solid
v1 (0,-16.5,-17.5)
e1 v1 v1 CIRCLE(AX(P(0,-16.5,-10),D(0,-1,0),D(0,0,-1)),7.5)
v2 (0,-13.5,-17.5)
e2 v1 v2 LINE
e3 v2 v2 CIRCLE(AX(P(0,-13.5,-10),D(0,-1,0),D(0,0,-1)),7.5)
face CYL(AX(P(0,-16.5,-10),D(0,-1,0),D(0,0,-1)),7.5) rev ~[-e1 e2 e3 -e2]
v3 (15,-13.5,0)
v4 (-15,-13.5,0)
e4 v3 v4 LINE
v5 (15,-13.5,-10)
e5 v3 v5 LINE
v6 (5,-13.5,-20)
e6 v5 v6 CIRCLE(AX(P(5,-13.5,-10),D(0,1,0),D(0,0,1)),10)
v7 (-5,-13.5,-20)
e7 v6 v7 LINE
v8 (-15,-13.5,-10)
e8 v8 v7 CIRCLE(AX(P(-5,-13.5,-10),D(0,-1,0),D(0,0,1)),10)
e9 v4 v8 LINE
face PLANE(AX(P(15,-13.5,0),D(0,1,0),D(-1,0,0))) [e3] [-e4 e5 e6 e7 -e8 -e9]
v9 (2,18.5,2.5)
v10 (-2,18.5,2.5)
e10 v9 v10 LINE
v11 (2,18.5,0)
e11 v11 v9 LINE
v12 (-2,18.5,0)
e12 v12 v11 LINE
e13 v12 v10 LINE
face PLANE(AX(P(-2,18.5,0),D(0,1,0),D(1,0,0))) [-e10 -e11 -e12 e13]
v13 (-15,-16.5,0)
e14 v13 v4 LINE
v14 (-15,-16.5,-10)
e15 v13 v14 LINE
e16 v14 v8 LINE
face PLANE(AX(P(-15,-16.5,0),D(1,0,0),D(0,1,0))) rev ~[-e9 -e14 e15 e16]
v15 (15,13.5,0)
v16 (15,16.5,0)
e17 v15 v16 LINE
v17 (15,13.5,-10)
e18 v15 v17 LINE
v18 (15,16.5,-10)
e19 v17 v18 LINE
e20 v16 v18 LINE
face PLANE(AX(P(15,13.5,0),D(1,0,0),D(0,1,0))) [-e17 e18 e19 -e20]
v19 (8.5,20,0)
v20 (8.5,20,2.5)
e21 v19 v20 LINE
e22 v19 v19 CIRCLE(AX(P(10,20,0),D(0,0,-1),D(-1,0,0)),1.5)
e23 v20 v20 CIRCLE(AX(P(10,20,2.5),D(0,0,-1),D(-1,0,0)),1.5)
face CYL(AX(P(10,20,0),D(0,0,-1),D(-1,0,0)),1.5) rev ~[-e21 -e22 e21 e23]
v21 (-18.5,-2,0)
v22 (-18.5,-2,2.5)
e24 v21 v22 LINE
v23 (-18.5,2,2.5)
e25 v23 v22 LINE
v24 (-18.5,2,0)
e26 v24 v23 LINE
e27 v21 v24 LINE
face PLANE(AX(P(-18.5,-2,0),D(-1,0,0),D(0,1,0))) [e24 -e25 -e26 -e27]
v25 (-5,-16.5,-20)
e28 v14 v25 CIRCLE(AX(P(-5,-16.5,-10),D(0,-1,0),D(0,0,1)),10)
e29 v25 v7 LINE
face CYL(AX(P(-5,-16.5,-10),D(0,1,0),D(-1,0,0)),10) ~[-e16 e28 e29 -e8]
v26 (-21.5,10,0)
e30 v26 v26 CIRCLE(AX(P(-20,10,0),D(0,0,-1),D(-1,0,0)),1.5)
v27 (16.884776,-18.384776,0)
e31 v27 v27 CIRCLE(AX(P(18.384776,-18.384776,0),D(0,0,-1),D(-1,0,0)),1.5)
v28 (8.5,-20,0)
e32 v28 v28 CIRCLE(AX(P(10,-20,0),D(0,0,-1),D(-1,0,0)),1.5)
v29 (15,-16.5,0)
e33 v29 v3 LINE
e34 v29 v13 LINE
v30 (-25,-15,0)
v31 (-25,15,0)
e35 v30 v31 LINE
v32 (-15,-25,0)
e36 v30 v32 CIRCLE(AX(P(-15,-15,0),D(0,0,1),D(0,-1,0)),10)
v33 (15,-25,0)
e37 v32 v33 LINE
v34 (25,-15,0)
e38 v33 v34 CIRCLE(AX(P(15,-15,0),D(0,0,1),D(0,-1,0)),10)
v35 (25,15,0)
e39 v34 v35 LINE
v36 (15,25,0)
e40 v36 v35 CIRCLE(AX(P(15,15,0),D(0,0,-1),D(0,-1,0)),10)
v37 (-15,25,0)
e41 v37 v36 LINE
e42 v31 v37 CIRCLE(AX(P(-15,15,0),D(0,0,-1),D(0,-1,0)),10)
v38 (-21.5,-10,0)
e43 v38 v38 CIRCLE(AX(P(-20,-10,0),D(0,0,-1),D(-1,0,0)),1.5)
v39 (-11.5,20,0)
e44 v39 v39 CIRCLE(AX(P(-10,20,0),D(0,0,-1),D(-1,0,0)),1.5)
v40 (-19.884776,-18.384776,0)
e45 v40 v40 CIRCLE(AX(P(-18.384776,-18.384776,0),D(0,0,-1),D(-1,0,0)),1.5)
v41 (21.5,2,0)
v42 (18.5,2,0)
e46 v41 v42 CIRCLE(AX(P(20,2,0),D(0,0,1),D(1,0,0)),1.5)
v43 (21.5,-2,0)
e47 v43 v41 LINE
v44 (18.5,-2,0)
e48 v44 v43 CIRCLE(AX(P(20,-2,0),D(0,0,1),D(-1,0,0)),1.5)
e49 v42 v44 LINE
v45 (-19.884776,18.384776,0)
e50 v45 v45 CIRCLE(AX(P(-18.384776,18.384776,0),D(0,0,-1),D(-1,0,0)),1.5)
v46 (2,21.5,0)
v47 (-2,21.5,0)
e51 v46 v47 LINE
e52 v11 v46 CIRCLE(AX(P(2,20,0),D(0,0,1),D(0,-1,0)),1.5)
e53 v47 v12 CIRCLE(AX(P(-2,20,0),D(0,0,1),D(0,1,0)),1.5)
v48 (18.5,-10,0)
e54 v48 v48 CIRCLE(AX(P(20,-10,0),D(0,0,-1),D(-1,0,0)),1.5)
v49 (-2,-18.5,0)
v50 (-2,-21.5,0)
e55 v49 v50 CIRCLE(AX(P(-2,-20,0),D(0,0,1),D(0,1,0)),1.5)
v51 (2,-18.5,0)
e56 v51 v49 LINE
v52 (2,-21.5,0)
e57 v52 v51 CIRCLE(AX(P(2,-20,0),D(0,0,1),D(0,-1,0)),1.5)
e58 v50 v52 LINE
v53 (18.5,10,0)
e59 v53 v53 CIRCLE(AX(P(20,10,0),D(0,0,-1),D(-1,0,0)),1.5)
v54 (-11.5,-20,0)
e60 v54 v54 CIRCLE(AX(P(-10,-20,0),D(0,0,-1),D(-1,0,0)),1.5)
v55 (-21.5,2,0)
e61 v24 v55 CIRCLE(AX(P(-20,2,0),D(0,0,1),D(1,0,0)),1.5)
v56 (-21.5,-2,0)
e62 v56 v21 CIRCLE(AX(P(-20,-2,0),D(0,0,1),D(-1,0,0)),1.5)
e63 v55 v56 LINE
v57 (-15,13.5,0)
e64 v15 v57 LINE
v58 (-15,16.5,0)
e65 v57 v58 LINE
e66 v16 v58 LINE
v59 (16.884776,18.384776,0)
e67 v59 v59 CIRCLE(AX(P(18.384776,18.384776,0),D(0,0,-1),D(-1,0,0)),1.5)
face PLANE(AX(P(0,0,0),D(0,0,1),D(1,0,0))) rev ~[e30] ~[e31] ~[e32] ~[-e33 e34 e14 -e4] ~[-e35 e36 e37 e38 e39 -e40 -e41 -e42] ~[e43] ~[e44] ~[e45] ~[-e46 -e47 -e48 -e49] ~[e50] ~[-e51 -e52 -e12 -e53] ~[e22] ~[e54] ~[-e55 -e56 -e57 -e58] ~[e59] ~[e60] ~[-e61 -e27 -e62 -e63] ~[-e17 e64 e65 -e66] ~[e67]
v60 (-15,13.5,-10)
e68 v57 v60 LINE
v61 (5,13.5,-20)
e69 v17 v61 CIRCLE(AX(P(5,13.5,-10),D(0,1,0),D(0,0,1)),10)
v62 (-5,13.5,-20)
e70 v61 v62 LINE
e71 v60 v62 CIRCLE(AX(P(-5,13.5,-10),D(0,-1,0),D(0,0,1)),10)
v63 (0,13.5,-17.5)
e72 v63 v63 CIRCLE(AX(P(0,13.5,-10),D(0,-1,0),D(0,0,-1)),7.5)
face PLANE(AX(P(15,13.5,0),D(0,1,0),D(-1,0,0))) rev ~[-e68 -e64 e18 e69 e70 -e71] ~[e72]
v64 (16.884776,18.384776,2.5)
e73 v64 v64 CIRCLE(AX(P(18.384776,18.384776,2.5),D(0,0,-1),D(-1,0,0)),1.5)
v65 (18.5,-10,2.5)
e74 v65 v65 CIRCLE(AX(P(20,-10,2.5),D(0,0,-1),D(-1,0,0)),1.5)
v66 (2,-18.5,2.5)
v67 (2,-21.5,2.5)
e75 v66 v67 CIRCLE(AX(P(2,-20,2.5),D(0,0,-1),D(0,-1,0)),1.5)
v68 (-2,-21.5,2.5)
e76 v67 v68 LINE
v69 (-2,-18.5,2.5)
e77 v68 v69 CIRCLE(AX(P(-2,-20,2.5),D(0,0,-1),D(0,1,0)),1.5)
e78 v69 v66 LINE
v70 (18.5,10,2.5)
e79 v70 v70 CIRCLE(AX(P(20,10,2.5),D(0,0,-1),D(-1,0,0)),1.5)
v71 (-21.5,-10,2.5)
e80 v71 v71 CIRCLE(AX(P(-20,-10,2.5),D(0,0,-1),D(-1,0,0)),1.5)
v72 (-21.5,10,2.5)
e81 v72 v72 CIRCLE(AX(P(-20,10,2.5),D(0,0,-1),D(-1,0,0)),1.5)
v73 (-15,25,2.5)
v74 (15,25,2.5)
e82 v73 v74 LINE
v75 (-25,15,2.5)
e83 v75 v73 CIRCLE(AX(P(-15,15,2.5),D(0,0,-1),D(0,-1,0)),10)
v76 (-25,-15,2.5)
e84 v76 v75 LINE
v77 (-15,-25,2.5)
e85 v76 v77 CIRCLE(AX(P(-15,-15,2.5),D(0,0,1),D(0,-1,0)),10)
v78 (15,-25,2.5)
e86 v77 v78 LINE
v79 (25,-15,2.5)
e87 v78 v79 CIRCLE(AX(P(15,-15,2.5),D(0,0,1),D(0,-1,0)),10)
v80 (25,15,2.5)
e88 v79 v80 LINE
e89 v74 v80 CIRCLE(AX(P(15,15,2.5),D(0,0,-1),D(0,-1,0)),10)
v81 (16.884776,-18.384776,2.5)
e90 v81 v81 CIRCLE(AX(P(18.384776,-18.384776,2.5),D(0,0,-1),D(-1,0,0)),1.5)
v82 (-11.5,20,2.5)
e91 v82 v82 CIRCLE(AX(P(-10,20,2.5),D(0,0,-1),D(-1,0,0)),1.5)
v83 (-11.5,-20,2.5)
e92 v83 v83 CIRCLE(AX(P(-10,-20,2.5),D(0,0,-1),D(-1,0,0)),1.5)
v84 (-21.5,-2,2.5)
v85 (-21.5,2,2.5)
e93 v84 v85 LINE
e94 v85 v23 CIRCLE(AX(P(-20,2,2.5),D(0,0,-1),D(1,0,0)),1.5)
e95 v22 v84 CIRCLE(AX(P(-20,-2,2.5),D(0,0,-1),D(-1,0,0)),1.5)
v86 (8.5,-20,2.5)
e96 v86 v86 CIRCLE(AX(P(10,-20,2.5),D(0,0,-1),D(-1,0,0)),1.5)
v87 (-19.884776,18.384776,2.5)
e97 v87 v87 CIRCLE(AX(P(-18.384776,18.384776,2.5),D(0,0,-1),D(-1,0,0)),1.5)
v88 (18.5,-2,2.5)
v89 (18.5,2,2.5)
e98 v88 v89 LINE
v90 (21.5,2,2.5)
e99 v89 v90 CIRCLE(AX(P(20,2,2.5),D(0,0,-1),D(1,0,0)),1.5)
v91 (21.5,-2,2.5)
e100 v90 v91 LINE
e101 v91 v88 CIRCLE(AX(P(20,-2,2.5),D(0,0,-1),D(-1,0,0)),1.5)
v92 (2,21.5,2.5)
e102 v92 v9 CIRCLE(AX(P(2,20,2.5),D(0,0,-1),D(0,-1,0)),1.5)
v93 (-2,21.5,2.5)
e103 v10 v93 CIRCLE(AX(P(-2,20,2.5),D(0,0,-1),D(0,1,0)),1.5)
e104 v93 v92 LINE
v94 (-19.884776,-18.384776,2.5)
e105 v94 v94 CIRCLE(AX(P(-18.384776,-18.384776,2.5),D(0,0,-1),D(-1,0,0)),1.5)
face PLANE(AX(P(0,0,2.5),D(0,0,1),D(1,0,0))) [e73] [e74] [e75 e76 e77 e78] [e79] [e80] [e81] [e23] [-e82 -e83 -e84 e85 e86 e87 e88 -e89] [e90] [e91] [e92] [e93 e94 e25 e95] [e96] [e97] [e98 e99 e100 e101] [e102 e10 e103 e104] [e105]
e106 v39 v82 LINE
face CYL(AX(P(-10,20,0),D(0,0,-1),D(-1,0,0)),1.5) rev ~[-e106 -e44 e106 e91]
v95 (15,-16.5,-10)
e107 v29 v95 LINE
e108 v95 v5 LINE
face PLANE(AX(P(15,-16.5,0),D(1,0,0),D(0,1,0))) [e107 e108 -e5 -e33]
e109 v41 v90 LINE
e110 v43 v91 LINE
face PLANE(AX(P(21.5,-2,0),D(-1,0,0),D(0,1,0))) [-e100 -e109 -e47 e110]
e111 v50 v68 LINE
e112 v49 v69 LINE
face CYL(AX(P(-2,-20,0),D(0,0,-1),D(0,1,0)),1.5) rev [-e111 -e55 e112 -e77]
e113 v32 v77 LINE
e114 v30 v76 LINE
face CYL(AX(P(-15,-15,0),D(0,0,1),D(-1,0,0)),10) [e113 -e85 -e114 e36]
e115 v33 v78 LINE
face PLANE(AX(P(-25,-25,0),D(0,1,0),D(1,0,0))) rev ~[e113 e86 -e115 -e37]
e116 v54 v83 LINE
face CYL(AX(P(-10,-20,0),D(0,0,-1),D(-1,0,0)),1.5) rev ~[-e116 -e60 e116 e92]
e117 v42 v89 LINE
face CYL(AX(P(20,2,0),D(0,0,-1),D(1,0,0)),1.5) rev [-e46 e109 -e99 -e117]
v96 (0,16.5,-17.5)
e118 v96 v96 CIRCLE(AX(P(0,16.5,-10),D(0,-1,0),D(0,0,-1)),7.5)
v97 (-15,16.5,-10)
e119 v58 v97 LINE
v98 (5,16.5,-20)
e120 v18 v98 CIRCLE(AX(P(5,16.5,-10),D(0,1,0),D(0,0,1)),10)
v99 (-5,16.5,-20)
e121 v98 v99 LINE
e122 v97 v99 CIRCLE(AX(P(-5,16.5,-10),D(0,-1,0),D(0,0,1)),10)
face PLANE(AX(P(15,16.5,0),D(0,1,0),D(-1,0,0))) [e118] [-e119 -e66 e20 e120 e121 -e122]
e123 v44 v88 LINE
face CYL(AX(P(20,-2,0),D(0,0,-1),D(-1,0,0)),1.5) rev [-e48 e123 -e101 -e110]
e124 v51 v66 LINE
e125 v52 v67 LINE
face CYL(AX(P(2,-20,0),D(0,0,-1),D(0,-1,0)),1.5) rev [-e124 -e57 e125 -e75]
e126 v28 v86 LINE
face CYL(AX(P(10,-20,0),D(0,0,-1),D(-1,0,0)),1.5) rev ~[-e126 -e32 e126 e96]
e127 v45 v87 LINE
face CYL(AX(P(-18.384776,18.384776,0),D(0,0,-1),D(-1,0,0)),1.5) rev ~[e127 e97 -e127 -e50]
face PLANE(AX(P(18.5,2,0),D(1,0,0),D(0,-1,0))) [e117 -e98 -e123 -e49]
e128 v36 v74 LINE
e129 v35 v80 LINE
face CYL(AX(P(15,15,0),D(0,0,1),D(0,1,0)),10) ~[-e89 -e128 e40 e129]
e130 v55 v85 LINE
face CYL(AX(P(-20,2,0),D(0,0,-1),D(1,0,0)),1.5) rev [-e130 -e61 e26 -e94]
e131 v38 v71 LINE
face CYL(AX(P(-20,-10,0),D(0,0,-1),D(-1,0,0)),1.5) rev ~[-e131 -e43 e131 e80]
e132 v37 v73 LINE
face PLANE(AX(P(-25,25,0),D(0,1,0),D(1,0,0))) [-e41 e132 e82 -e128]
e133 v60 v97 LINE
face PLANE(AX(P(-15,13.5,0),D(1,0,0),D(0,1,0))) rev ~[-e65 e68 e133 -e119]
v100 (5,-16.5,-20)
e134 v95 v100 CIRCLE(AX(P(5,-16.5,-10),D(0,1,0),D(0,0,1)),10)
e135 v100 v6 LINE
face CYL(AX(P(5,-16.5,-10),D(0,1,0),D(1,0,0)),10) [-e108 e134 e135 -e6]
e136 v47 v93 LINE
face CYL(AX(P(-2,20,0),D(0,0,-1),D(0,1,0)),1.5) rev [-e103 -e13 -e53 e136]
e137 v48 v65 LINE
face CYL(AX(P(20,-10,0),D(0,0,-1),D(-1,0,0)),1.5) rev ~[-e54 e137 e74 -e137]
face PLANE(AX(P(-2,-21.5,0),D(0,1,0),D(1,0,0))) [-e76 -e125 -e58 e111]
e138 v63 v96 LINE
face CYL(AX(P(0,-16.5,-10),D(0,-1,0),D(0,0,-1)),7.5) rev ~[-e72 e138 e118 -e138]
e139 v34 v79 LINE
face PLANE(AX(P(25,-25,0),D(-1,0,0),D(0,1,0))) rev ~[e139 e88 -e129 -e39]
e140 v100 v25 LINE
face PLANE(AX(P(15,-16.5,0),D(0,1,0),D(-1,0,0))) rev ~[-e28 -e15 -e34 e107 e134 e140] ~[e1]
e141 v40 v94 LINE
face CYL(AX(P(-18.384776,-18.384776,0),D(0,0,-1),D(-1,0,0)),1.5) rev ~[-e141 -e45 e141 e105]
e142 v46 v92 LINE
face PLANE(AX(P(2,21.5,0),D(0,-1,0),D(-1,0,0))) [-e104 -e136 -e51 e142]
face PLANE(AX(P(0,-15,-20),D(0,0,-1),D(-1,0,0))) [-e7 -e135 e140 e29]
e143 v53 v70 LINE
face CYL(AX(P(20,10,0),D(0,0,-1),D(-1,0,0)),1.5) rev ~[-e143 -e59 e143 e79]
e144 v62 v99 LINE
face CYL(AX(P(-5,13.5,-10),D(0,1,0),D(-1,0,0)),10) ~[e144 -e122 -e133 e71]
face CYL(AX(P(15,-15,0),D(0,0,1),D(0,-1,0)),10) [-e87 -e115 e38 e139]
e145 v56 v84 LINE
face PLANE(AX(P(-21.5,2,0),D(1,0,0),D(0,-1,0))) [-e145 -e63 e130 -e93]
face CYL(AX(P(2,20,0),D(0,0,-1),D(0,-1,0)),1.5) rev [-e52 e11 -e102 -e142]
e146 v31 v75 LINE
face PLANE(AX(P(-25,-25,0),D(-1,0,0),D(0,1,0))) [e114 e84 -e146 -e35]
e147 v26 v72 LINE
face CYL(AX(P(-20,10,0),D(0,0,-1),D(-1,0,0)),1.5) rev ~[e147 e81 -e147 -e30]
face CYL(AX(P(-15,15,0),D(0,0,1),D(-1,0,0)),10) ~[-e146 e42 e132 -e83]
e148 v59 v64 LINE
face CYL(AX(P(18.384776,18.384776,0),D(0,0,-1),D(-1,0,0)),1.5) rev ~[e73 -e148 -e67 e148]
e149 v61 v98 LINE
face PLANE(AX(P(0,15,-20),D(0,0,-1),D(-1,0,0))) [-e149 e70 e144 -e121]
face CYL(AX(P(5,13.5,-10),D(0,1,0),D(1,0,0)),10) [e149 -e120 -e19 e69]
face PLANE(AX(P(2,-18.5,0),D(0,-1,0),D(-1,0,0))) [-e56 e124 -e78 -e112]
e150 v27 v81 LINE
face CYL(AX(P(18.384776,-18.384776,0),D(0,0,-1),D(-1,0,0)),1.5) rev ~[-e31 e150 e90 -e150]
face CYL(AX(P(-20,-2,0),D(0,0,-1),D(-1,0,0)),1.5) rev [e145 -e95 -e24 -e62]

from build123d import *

# Parameters (mm, degrees)
SKETCH1_W           = 50
SKETCH1_H           = 50
BOSS_EXTRUDE1_DEPTH = 2.5
SKETCH2_R           = 1.5
CUT_EXTRUDE1_DEPTH  = 5
FILLET1_R           = 10
SKETCH3_W           = 30
SKETCH3_H           = 3
BOSS_EXTRUDE2_DEPTH = 20
SKETCH4_R           = 7.5
CUT_EXTRUDE2_DEPTH  = 53.414215629
FILLET2_R           = 10


with BuildPart() as part:
    # Sketch1 → Boss-Extrude1 (new body)
    with BuildSketch(Plane.XY):
        Rectangle(SKETCH1_W, SKETCH1_H)
    extrude(amount=BOSS_EXTRUDE1_DEPTH)

    # Sketch2 → Cut-Extrude1 (cut)
    with BuildSketch(Plane(origin=(0, 0, 0), x_dir=(-1, 0, 0), z_dir=(0, 0, -1))):
        with Locations((18.384776311, 18.384776311)):
            Circle(SKETCH2_R)
        with Locations((18.384776311, -18.384776311)):
            Circle(SKETCH2_R)
        with Locations((-18.384776311, -18.384776311)):
            Circle(SKETCH2_R)
        with Locations((-18.384776311, 18.384776311)):
            Circle(SKETCH2_R)
        with Locations((20, 10)):
            Circle(SKETCH2_R)
        with Locations((20, -10)):
            Circle(SKETCH2_R)
        with Locations((-20, -10)):
            Circle(SKETCH2_R)
        with Locations((-20, 10)):
            Circle(SKETCH2_R)
        with Locations((10, 20)):
            Circle(SKETCH2_R)
        with Locations((-10, 20)):
            Circle(SKETCH2_R)
        with Locations((10, -20)):
            Circle(SKETCH2_R)
        with Locations((-10, -20)):
            Circle(SKETCH2_R)
        with BuildLine():
            Line((-2, 21.5), (2, 21.5))
            ThreePointArc((2, 21.5), (3.5, 20), (2, 18.5))
            Line((2, 18.5), (-2, 18.5))
            ThreePointArc((-2, 18.5), (-3.5, 20), (-2, 21.5))
        make_face()
        with BuildLine():
            Line((21.5, 2), (21.5, -2))
            ThreePointArc((21.5, -2), (20, -3.5), (18.5, -2))
            Line((18.5, -2), (18.5, 2))
            ThreePointArc((18.5, 2), (20, 3.5), (21.5, 2))
        make_face()
        with BuildLine():
            Line((2, -21.5), (-2, -21.5))
            ThreePointArc((-2, -21.5), (-3.5, -20), (-2, -18.5))
            Line((-2, -18.5), (2, -18.5))
            ThreePointArc((2, -18.5), (3.5, -20), (2, -21.5))
        make_face()
        with BuildLine():
            Line((-21.5, -2), (-21.5, 2))
            ThreePointArc((-21.5, 2), (-20, 3.5), (-18.5, 2))
            Line((-18.5, 2), (-18.5, -2))
            ThreePointArc((-18.5, -2), (-20, -3.5), (-21.5, -2))
        make_face()
    extrude(amount=-CUT_EXTRUDE1_DEPTH, mode=Mode.SUBTRACT)

    # Fillet1
    fillet1_edges = [part.edges().sort_by_distance(p)[0] for p in [
        (25, -25, 1.25),
        (-25, -25, 1.25),
        (-25, 25, 1.25),
        (25, 25, 1.25),
    ]]
    fillet(fillet1_edges, radius=FILLET1_R)

    # Sketch3 → Boss-Extrude2 (add)
    with BuildSketch(Plane(origin=(0, 0, 0), x_dir=(-1, 0, 0), z_dir=(0, 0, -1))):
        with Locations((0, 15)):
            Rectangle(SKETCH3_W, SKETCH3_H)
        with Locations((0, -15)):
            Rectangle(SKETCH3_W, SKETCH3_H)
    extrude(amount=BOSS_EXTRUDE2_DEPTH)

    # Sketch4 → Cut-Extrude2 (cut, through all)
    with BuildSketch(Plane.XZ.offset(16.5)):
        with Locations(Location((0, -10, 0), (0, 0, 270))):
            Circle(SKETCH4_R)
    extrude(amount=-CUT_EXTRUDE2_DEPTH, mode=Mode.SUBTRACT)

    # Fillet2
    fillet2_edges = [part.edges().sort_by_distance(p)[0] for p in [
        (-15, 15, -20),
        (15, 15, -20),
        (15, -15, -20),
        (-15, -15, -20),
    ]]
    fillet(fillet2_edges, radius=FILLET2_R)


solid = part.part
